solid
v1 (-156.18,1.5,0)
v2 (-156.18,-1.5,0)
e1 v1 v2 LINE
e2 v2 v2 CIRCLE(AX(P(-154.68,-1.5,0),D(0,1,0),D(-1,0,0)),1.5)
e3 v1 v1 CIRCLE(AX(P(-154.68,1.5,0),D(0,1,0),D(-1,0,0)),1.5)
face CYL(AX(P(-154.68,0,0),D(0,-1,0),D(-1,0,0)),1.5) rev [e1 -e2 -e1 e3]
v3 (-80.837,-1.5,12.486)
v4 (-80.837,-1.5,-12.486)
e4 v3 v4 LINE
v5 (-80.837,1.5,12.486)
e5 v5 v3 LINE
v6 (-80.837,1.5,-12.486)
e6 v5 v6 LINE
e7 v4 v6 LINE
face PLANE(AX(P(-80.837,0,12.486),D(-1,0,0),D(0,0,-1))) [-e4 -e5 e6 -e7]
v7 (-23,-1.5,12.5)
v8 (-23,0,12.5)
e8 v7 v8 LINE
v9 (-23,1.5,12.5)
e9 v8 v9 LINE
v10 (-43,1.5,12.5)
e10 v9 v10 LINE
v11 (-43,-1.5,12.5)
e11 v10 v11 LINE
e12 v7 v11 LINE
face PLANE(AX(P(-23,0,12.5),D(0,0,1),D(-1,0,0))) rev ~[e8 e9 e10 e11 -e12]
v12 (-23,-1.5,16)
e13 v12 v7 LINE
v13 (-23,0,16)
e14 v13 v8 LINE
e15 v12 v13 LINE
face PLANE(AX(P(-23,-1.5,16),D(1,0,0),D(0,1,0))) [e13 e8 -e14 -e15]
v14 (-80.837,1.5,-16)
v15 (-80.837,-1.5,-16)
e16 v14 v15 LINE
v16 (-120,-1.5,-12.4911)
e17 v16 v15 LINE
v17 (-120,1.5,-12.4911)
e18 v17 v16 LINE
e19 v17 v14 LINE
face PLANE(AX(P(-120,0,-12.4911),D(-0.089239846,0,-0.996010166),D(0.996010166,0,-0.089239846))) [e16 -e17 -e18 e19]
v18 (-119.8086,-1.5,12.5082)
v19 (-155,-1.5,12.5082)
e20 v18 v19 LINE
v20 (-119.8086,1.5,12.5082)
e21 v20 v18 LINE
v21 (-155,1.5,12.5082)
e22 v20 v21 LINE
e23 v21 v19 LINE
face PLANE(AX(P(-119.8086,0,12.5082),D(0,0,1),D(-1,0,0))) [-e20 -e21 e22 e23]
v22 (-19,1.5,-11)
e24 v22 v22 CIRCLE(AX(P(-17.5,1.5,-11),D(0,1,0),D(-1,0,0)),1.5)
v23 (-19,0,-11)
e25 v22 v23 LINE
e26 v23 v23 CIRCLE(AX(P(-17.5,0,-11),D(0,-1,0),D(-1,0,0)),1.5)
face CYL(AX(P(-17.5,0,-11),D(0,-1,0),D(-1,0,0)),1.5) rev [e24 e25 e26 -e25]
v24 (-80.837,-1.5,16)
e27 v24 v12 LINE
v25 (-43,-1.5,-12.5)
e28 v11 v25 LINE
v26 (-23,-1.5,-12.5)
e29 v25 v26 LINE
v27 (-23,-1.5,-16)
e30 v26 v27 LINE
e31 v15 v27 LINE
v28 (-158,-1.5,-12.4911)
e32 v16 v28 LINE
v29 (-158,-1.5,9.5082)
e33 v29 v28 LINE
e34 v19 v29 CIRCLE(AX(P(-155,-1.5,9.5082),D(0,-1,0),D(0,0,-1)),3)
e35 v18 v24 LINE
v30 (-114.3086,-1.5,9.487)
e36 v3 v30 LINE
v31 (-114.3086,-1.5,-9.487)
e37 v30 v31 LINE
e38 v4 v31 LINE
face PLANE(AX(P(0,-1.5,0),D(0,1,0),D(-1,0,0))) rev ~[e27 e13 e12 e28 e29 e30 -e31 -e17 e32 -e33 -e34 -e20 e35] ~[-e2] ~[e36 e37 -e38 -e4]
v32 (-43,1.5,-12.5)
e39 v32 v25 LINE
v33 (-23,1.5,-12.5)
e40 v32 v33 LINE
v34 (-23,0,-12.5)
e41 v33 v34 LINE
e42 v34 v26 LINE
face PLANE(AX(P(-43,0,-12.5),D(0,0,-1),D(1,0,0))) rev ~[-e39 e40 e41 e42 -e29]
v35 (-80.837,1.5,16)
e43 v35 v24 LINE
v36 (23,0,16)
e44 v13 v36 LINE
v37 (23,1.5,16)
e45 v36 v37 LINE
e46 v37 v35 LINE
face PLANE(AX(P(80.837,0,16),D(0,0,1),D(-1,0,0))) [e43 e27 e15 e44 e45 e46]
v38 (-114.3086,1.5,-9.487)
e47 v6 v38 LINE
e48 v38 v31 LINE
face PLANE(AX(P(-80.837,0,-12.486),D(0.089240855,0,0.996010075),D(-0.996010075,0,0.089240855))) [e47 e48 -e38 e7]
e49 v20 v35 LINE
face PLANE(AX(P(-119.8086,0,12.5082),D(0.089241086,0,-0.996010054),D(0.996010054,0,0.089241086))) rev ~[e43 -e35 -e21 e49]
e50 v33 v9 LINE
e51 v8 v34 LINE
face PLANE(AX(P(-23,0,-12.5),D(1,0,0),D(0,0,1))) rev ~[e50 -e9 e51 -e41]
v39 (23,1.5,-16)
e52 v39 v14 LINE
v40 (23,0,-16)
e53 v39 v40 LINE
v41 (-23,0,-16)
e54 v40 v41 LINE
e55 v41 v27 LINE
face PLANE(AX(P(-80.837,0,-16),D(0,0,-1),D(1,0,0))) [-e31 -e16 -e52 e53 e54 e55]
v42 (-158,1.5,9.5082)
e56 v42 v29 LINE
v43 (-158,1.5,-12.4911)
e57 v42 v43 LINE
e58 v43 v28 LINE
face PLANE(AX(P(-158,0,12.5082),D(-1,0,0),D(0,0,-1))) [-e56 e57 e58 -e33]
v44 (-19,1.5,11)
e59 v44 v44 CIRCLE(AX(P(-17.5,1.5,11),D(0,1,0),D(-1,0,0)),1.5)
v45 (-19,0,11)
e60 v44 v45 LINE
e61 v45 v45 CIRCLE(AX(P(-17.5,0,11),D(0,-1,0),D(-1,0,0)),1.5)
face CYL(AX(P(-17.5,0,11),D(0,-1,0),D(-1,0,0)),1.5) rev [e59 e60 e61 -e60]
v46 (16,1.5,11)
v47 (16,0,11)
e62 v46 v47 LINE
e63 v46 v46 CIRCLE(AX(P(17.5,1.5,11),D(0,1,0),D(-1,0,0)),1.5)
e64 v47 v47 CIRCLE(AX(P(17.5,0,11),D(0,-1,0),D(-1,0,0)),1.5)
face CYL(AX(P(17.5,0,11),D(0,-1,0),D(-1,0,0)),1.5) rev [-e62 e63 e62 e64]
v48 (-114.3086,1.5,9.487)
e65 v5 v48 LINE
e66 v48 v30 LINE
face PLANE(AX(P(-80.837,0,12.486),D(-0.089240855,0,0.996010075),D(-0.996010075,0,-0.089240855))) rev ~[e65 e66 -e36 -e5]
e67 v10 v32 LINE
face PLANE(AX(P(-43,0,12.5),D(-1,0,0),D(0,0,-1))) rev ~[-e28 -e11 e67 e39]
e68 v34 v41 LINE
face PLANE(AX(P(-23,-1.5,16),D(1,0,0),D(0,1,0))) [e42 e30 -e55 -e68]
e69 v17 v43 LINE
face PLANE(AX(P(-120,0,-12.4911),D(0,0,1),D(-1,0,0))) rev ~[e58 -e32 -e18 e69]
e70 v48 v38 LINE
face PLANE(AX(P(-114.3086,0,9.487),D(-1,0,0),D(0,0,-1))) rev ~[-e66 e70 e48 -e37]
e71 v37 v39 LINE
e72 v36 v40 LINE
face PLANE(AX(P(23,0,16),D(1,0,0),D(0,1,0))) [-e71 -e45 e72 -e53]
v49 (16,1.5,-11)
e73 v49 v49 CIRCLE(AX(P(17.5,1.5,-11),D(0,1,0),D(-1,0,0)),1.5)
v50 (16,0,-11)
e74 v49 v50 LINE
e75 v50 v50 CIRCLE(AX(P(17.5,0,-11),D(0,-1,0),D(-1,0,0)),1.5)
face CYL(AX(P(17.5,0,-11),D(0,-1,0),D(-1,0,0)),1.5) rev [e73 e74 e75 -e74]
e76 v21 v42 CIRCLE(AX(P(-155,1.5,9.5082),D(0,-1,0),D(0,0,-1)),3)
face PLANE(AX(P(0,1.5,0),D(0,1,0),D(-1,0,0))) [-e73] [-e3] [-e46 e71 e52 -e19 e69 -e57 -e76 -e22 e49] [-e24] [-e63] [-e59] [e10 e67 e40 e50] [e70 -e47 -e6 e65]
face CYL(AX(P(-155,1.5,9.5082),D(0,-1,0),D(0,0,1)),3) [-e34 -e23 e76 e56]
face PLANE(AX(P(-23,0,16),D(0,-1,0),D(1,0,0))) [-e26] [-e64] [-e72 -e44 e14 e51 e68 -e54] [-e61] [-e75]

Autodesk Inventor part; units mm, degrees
ref_plane "YZ Plane" through (0, 0, 0) normal (1, 0, 0) x (0, 1, 0)
ref_plane "XZ Plane" through (0, 0, 0) normal (0, 1, 0) x (-1, 0, 0)
ref_plane "XY Plane" through (0, 0, 0) normal (0, 0, 1) x (1, 0, 0)
sketch "Sketch1" plane through (0, 0, 0) normal (0, 1, 0) x (-1, 0, 0)
  line L0 (-119.8086, 12.5082) -> (-80.837, 16)
  line L1 (-80.837, 16) -> (0, 16)
  line L2 (-120, 0) -> (120, 0) construction
  line L3 (-120, -12.4911) -> (-80.837, -16)
  line L4 (-80.837, -16) -> (0, -16)
  line L5 (0, 16) -> (0, -16) construction
  line L6 (80.837, 16) -> (0, 16)
  line L7 (119.8086, 12.5082) -> (80.837, 16)
  line L8 (120, -12.4911) -> (80.837, -16)
  line L9 (80.837, -16) -> (0, -16)
  line L10 (-80.837, -12.486) -> (-114.3086, -9.487)
  line L11 (-80.837, 12.486) -> (-114.3086, 9.487)
  line L12 (-114.3086, 9.487) -> (-114.3086, -9.487)
  line L13 (-80.837, 12.486) -> (-80.837, -12.486)
  line L14 (-23, 12.5) -> (-43, 12.5)
  line L15 (-43, 12.5) -> (-43, -12.5)
  line L16 (-43, -12.5) -> (-23, -12.5)
  line L17 (-23, -12.5) -> (-23, 12.5)
  line L18 (80.837, -12.486) -> (114.3086, -9.487)
  line L19 (80.837, 12.486) -> (114.3086, 9.487)
  line L20 (114.3086, 9.487) -> (114.3086, -9.487)
  line L21 (80.837, 12.486) -> (80.837, -12.486)
  line L22 (23, 12.5) -> (43, 12.5)
  line L23 (43, 12.5) -> (43, -12.5)
  line L24 (43, -12.5) -> (23, -12.5)
  line L25 (23, -12.5) -> (23, 12.5)
  circle A0 centre (-17.5, -11) radius 1.5
  circle A1 centre (17.5, -11) radius 1.5
  circle A2 centre (-17.5, 11) radius 1.5
  circle A3 centre (17.5, 11) radius 1.5
  line L26 (-119.8086, 12.5082) -> (-158, 12.5082)
  line L27 (-158, 12.5082) -> (-158, -12.4911)
  line L28 (-120, -12.4911) -> (-158, -12.4911)
  circle A4 centre (-154.68, 0) radius 1.5
  line L29 (119.8086, 12.5082) -> (158, 12.5082)
  line L30 (158, 12.5082) -> (158, -12.4911)
  line L31 (120, -12.4911) -> (158, -12.4911)
  circle A5 centre (154.68, 0) radius 1.5
  point P0 (0, 0)
  point P1 (0, 0)
  point P2 (0, 0)
  point P3 (-114.3086, 0)
  point P4 (-33, 12.5)
  dimension "d0" = 25
  dimension "d2" = 80.837
  dimension "d6" = 3.5
  dimension "d9" = 3.5
  dimension "d10" = 3.5
  dimension "d11" = 20
  dimension "d13" = 3
  dimension "d14" = 5
  dimension "d15" = 5.5
  dimension "d17" = 38
  dimension "d18" = 39.163
  dimension "d19" = 5.5
  dimension "d23" = 3
  dimension "d24" = 3.32
  dimension "d30" = 32
  dimension "d33" = 23
  dimension "d34" = 3.5089
extrude "Extrusion1" add sketch "Sketch1" along normal mid plane 3
fillet "Fillet1" radius 3 2 edges at (-158, 0, 12.5082) (158, 0, 12.5082)
sketch "Sketch3" plane through (-80.837, 1.5, 16) normal (0, 0, 1) x (1, 0, 0)
  line L0 (0, 0) -> (161.674, 0) projected
  line L1 (161.674, -3) -> (0, -3) projected
  line L2 (57.837, -3) -> (57.837, 0) projected
  line L3 (103.837, -3) -> (103.837, 0) projected
  line L4 (57.837, -3) -> (57.837, 0) projected
  line L5 (57.837, -1.5) -> (103.837, -1.5)
  line L6 (238.837, -3) -> (238.837, 0) projected
  line L7 (200.6456, 0) -> (235.837, 0) projected
  line L8 (235.837, 0) -> (238.837, 0) projected
  line L9 (238.837, -3) -> (235.837, -3) projected
  line L10 (235.837, -3) -> (200.6456, -3) projected
  line L11 (200.6456, -3) -> (161.674, -3) projected
  line L12 (161.674, 0) -> (200.6456, 0) projected
  point P0 (80.837, -1.5)
extrude "Extrusion2" cut sketch "Sketch3" against normal through all contours L0 L12 L7 L8 L6 L9 L10 L11 L1 L3 | L5 L3 L1 L2
properties part number "nakladka" material "PCTG 20%"
